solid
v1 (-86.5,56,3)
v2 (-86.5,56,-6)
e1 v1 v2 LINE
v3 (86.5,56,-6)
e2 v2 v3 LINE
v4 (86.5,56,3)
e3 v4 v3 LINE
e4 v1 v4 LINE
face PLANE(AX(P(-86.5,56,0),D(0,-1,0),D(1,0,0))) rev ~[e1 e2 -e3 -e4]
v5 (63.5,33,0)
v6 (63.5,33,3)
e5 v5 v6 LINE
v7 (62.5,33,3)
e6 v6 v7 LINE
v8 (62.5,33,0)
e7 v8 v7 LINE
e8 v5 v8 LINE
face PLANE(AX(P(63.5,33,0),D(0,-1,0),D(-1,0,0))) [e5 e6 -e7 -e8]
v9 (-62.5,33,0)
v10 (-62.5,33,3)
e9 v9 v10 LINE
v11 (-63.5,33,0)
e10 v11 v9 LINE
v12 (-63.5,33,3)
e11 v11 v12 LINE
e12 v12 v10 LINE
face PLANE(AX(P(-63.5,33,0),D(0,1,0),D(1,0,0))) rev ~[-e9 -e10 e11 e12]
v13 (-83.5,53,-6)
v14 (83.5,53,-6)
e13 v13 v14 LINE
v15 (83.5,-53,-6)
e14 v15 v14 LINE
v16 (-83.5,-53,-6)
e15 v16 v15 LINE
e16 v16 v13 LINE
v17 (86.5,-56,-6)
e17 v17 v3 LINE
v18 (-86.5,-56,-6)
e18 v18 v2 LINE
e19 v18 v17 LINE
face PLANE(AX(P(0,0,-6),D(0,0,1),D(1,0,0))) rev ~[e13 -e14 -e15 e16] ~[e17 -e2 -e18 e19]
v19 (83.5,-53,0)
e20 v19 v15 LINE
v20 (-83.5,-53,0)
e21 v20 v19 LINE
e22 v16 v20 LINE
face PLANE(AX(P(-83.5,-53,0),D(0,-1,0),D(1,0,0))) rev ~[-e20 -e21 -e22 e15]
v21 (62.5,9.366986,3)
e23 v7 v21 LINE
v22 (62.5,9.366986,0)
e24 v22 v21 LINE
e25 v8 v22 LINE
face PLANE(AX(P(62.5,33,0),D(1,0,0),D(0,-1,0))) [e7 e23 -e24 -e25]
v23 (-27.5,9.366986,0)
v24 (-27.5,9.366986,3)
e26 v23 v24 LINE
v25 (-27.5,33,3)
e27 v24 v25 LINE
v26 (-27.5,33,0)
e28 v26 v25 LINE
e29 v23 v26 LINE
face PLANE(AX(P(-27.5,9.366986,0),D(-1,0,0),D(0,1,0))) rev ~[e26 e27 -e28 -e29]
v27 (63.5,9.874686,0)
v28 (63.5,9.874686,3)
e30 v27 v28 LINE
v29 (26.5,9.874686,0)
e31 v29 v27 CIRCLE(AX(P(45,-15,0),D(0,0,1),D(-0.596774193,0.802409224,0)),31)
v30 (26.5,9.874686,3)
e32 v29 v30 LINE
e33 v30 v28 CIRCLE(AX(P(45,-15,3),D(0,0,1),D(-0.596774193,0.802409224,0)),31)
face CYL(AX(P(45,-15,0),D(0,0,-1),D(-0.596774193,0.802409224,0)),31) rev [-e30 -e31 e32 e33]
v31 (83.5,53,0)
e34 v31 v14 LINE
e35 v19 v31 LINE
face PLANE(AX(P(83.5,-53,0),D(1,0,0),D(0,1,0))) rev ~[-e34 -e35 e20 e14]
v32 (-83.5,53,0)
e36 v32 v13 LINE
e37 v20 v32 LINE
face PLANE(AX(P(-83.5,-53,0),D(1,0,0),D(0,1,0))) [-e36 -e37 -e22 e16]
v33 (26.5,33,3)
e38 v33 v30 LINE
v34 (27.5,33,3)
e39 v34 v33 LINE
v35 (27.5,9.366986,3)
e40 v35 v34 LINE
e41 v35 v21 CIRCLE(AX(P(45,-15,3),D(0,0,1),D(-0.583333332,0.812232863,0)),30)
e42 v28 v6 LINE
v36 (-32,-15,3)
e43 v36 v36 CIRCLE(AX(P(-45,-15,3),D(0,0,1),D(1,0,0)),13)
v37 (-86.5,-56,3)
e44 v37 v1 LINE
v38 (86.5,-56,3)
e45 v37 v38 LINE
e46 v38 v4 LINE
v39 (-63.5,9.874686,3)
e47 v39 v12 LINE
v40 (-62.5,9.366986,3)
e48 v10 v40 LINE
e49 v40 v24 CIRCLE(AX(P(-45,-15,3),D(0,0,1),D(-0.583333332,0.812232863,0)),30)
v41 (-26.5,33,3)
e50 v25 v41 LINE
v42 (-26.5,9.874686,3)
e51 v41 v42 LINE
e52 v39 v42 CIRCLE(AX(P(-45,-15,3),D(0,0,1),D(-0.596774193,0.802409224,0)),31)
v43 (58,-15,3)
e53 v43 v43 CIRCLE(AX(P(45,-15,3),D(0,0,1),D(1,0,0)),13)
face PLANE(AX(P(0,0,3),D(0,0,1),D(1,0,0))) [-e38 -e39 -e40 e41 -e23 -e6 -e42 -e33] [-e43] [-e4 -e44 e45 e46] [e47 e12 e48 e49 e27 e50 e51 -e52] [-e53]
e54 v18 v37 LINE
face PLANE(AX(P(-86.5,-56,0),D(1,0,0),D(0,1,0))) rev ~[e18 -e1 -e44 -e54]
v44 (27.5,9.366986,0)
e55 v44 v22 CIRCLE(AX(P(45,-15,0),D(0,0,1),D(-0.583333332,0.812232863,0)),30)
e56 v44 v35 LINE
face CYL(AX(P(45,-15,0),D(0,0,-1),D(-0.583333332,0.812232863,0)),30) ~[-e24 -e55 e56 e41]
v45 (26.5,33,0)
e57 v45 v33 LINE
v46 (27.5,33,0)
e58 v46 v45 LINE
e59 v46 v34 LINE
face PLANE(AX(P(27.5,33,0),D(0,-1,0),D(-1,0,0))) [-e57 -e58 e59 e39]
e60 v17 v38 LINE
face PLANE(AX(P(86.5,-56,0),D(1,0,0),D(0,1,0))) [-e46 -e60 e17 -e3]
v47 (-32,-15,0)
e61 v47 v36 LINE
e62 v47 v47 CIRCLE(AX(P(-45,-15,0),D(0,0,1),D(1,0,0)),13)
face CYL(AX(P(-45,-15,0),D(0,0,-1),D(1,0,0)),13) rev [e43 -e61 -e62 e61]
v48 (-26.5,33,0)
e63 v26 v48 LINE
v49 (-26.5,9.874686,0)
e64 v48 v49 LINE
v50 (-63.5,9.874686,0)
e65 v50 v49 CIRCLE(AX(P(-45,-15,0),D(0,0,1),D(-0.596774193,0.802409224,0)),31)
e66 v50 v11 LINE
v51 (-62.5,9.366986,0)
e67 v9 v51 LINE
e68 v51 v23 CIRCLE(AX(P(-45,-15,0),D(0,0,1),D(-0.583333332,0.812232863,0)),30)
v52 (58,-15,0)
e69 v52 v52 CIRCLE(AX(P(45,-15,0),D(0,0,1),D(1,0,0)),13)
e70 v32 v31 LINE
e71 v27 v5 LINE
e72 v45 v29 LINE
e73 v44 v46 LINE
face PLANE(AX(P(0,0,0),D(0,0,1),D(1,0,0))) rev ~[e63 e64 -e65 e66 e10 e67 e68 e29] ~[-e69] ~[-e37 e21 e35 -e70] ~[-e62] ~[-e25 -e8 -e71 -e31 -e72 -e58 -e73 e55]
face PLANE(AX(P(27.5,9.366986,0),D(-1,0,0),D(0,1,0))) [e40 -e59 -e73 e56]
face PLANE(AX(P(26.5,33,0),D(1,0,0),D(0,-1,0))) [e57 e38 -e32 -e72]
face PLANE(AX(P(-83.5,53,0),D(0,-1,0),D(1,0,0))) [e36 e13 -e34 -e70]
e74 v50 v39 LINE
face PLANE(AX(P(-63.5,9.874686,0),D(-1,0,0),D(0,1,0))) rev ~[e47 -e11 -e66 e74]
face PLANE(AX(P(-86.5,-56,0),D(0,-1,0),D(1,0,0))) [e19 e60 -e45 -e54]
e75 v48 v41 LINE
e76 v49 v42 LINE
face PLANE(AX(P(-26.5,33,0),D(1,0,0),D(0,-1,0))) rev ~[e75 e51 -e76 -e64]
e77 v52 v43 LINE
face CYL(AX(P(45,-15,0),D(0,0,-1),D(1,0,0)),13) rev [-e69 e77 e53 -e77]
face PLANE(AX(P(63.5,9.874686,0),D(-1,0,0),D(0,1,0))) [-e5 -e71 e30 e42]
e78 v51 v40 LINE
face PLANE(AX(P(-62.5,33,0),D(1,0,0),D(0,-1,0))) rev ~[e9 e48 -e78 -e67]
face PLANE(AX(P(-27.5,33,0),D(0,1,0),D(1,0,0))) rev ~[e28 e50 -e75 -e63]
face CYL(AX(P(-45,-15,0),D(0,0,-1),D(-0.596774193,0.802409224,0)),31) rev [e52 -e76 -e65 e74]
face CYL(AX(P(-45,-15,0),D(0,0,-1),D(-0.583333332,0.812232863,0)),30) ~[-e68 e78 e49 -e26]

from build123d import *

# Parameters (mm, degrees)
SKETCH002_W           = 173
SKETCH002_H           = 112
SKETCH002_W_2         = 167
SKETCH002_H_2         = 106
EXTRUDE001_DEPTH      = 3
EXTRUDE001_DEPTH_BACK = 6
SKETCH_W              = 167
SKETCH_H              = 106
SKETCH_R              = 13
EXTRUDE_DEPTH         = 3


with BuildPart() as notch:
    # Sketch002 → Extrude001 (new body, two sides)
    with BuildSketch(Plane.XY) as extrude001_sk:
        Rectangle(SKETCH002_W, SKETCH002_H)
        Rectangle(SKETCH002_W_2, SKETCH002_H_2, mode=Mode.SUBTRACT)
    extrude(amount=EXTRUDE001_DEPTH)
    extrude(extrude001_sk.sketch, amount=-EXTRUDE001_DEPTH_BACK)


with BuildPart() as lid:
    # Sketch → Extrude (new body)
    with BuildSketch(Plane.XY):
        Rectangle(SKETCH_W, SKETCH_H)
        with Locations((-45, -15)):
            Circle(SKETCH_R, mode=Mode.SUBTRACT)
        with Locations((45, -15)):
            Circle(SKETCH_R, mode=Mode.SUBTRACT)
        with BuildLine():
            Line((-27.5, 9.366986), (-27.5, 33))
            Line((-27.5, 33), (-26.5, 33))
            Line((-26.5, 33), (-26.5, 9.874686))
            ThreePointArc((-63.5, 9.874686), (-45, -46), (-26.5, 9.874686))
            Line((-63.5, 9.874686), (-63.5, 33))
            Line((-63.5, 33), (-62.5, 33))
            Line((-62.5, 33), (-62.5, 9.366986))
            ThreePointArc((-62.5, 9.366986), (-45, -45), (-27.5, 9.366986))
        make_face(mode=Mode.SUBTRACT)
        with BuildLine():
            Line((27.5, 9.366986), (27.5, 33))
            Line((27.5, 33), (26.5, 33))
            Line((26.5, 33), (26.5, 9.874686))
            ThreePointArc((26.5, 9.874686), (45, -46), (63.5, 9.874686))
            Line((63.5, 9.874686), (63.5, 33))
            Line((63.5, 33), (62.5, 33))
            Line((62.5, 33), (62.5, 9.366986))
            ThreePointArc((27.5, 9.366986), (45, -45), (62.5, 9.366986))
        make_face(mode=Mode.SUBTRACT)
    extrude(amount=EXTRUDE_DEPTH)

    # Fusion001: union Notch
    add(notch.part)


solid = lid.part
